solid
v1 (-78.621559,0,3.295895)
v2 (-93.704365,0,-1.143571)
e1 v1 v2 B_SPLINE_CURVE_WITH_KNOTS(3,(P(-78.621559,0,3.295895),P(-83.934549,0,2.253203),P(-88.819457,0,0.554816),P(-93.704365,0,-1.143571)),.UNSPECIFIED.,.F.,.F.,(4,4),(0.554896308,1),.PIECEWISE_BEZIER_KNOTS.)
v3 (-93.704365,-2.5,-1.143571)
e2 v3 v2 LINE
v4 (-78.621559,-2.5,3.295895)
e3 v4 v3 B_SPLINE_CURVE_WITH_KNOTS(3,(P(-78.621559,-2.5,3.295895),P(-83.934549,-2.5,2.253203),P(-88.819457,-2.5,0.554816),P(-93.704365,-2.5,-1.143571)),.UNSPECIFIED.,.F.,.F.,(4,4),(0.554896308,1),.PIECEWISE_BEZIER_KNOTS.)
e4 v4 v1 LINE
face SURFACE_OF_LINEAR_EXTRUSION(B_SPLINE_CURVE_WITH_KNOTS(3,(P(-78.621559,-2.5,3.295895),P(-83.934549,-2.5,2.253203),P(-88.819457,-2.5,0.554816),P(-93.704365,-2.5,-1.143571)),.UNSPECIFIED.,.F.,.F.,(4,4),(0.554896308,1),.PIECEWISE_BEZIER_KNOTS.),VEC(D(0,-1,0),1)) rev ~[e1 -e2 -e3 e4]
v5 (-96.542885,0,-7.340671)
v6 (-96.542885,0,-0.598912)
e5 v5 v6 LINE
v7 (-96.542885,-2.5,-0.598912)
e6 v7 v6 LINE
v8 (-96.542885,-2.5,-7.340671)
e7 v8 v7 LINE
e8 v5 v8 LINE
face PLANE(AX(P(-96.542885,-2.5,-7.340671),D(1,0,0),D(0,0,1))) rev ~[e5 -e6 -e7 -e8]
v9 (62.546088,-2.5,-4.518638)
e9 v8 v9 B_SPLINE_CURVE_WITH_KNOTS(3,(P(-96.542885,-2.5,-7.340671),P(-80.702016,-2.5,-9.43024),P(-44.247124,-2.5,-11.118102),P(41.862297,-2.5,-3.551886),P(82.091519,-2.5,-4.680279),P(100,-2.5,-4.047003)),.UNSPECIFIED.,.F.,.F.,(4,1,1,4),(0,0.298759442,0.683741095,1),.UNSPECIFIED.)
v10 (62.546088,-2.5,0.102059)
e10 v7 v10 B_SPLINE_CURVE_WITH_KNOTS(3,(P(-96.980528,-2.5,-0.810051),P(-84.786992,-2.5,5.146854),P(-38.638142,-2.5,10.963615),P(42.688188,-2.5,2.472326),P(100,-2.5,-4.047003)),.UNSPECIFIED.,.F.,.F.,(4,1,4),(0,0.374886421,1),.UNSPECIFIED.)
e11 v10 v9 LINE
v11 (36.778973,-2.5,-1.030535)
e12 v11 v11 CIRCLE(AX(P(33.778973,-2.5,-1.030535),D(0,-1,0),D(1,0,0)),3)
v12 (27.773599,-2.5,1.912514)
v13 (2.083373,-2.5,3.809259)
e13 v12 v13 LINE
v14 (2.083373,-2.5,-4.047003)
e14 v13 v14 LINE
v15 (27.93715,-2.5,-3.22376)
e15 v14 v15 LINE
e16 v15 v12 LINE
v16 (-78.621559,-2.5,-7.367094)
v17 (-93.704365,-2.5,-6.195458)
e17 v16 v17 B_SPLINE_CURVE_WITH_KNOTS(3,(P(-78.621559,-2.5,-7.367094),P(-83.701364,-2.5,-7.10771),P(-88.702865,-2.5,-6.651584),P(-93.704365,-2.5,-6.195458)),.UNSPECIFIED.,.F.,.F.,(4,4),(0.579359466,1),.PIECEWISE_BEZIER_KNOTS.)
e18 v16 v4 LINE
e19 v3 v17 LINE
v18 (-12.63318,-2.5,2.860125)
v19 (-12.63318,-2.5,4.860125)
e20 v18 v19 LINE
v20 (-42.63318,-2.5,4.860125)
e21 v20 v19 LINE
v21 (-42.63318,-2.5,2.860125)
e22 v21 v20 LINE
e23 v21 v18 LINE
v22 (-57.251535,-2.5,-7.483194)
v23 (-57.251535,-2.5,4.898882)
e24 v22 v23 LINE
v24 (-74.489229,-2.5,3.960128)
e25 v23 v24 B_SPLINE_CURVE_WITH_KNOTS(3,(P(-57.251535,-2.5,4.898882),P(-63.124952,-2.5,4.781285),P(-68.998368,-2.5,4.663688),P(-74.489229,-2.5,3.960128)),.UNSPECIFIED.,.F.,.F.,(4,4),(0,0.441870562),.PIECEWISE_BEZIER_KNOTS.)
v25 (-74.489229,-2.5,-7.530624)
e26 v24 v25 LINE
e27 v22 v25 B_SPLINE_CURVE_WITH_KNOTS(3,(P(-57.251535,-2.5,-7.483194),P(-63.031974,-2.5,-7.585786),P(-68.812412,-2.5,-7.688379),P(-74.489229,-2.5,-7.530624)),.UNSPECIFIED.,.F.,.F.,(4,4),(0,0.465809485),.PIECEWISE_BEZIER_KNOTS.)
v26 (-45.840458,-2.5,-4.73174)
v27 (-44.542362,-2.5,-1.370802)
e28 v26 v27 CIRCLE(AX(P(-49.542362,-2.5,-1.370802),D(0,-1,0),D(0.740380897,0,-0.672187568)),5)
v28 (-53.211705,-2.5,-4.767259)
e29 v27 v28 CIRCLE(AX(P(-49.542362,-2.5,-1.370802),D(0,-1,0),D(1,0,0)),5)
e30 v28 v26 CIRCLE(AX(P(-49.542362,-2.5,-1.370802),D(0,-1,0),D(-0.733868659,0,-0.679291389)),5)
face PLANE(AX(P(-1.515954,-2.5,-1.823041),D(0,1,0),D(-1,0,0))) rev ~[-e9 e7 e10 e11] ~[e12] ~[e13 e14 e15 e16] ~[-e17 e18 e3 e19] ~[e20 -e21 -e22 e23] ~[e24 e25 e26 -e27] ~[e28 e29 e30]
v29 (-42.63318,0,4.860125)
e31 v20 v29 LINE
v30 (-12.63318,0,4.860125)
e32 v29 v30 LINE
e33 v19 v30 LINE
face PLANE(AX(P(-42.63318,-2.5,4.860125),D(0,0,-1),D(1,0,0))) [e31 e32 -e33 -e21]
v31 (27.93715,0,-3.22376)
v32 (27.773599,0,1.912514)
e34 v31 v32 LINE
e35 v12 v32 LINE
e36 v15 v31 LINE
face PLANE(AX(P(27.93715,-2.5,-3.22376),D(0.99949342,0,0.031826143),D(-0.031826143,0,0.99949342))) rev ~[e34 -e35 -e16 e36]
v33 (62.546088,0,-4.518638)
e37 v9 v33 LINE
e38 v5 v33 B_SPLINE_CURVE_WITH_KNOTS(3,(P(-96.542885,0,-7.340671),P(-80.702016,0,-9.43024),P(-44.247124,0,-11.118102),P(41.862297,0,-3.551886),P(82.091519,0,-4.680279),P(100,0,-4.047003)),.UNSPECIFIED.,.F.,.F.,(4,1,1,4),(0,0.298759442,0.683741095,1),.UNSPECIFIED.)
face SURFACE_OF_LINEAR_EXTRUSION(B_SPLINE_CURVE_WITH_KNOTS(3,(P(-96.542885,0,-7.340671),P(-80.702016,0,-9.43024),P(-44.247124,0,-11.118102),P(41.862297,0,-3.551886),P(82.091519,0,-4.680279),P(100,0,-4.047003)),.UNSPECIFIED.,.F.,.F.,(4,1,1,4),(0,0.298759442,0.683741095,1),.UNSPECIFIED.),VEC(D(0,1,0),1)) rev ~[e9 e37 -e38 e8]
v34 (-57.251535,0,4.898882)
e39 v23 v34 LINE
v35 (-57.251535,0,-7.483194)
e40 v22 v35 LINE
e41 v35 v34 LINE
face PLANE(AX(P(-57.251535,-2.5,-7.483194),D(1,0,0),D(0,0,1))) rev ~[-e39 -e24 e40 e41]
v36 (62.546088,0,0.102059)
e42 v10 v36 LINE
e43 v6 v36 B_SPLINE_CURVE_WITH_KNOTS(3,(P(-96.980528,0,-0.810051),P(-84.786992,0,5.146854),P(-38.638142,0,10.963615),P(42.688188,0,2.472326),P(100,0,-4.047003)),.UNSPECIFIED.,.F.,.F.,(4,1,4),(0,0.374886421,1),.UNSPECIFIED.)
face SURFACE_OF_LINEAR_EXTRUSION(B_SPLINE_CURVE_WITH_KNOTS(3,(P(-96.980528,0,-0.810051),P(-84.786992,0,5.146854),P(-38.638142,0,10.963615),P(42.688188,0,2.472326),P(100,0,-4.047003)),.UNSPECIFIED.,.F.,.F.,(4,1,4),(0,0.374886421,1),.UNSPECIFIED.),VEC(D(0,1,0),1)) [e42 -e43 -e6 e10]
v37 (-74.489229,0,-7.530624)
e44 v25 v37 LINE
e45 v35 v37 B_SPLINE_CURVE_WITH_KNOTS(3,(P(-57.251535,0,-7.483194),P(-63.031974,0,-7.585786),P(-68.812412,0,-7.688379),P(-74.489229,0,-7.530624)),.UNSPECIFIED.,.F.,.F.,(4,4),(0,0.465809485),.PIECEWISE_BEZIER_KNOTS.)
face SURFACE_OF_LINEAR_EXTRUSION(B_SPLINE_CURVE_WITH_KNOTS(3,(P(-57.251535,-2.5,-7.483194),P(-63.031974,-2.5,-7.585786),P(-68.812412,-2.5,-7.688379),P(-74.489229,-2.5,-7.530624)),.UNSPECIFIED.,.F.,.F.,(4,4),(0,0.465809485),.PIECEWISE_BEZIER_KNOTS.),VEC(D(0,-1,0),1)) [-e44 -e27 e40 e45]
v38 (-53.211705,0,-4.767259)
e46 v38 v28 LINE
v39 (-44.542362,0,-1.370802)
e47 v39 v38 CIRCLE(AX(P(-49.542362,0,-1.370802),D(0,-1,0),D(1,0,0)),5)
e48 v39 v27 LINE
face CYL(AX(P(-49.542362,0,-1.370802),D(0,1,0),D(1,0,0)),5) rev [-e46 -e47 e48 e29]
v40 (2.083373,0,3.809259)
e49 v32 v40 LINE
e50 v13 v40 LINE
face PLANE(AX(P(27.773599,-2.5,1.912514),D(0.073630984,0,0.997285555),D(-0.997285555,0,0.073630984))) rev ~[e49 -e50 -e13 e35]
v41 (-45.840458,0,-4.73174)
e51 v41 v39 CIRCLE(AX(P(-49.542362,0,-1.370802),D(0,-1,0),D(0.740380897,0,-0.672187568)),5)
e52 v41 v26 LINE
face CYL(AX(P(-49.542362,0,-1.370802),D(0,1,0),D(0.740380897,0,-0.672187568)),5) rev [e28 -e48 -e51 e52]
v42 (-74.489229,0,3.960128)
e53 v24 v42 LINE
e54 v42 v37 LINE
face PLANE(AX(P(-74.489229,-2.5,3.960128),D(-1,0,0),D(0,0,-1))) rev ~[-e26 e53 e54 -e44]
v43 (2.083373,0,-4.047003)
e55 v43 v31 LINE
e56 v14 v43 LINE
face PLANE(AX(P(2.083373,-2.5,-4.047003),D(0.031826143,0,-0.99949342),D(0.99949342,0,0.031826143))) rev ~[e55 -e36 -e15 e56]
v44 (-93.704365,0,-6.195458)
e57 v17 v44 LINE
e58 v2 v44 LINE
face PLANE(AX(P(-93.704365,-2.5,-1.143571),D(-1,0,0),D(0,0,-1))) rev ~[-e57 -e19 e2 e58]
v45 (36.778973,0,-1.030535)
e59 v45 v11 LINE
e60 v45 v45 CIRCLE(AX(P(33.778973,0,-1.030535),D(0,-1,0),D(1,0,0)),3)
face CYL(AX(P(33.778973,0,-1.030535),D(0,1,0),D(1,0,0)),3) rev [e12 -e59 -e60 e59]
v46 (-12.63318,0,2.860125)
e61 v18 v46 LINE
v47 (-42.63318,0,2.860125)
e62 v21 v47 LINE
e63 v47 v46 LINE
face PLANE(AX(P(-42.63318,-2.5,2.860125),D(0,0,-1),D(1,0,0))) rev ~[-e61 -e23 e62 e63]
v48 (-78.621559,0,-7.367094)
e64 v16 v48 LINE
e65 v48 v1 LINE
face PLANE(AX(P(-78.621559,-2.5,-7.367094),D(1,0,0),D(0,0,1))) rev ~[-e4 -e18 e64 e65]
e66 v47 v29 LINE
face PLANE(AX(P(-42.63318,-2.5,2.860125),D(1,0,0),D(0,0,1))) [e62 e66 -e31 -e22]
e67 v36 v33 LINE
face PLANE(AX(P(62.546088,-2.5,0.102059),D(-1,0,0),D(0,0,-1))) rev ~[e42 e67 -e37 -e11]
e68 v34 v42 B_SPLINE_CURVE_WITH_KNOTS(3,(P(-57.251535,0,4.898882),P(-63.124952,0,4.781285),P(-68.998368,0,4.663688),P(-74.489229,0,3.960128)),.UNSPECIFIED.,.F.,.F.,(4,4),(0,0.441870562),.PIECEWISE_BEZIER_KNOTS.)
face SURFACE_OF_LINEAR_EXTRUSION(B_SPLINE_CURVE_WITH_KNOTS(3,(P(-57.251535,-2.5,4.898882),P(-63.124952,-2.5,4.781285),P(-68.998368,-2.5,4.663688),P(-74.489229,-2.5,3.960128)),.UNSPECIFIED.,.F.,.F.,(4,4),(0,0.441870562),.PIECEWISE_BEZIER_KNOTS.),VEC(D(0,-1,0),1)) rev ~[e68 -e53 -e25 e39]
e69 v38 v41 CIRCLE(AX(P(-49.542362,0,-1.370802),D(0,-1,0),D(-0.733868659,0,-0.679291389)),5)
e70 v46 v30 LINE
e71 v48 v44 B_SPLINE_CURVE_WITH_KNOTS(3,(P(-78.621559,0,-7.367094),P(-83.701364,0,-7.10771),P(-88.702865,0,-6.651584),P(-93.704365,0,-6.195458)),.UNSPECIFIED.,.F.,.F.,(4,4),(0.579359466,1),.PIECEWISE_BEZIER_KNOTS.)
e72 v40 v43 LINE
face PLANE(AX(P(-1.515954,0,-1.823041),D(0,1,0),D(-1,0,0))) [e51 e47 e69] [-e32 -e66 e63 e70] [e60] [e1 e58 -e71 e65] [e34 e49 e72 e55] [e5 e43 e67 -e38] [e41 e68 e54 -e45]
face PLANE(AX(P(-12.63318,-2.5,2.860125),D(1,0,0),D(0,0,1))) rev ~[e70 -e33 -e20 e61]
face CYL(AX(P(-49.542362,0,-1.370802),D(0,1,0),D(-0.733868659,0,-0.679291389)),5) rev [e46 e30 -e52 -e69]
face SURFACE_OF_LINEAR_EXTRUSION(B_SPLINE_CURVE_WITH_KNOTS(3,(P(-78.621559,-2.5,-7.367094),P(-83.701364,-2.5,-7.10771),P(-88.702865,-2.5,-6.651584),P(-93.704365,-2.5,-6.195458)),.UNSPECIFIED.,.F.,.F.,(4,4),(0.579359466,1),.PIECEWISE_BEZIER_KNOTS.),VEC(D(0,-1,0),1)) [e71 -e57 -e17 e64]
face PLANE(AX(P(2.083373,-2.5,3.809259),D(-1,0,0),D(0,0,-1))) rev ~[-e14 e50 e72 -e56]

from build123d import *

# Parameters (mm, degrees)
F2_DEPTH = 2.5
F1_R     = 3
F3_DEPTH = 2.5
F5_DEPTH = 2.5
F4_W     = 30
F4_H     = 2
F6_DEPTH = 2.5
F7_DEPTH = 2.5


with BuildPart() as f2:
    # F0 (on Front) → F2 (new body)
    with BuildSketch(Plane.XZ):
        with BuildLine():
            add(Edge.make_bspline(
                [(-96.9805282175, -0.8100506688), (-84.7869920978, 5.1468541776), (-38.6381415733, 10.9636146396), (42.6881882799, 2.4723259958), (100, -4.047003109)],
                knots=[0, 0, 0, 0, 0.374886421, 1, 1, 1, 1], degree=3))
            add(Edge.make_bspline(
                [(-97.5447368223, -7.1186651935), (-99.939251346, -6.5508492693), (-102.885147974, -5.168950634), (-100.0067471137, -2.3789404522), (-96.9805282175, -0.8100506688)],
                knots=[0.0564585679, 0.0564585679, 0.0564585679, 0.0564585679, 0.4847104148, 1, 1, 1, 1], degree=3))
            add(Edge.make_bspline(
                [(-96.5428845142, -7.3406707446), (-96.8949965543, -7.2673488468), (-97.22905608, -7.1935231869), (-97.5447368223, -7.1186651935)],
                knots=[0, 0, 0, 0, 0.0564585679, 0.0564585679, 0.0564585679, 0.0564585679], degree=3))
            add(Edge.make_bspline(
                [(-96.5428845142, -7.3406707446), (-80.7020161693, -9.4302402111), (-44.2471235075, -11.1181020976), (41.8622965332, -3.5518856086), (82.0915186506, -4.6802794425), (100, -4.047003109)],
                knots=[0, 0, 0, 0, 0.2987594418, 0.6837410955, 1, 1, 1, 1], degree=3))
        make_face()
        with BuildLine():
            add(Edge.make_bspline(
                [(-99.8196757147, -4.047003109), (-99.3821638101, -3.2227137691), (-97.9006497107, -2.3042858417), (-96.3385477662, -1.6362179573)],
                knots=[0.5425000514, 0.5425000514, 0.5425000514, 0.5425000514, 1, 1, 1, 1], degree=3))
            add(Edge.make_bspline(
                [(-96.3385477662, -1.6362179573), (-85.7442874691, 3.2900694446), (-38.7960585931, 10.0747672146), (36.943279708, 1.696590452), (86.094097513, -3.3751911245)],
                knots=[0, 0, 0, 0, 0.384923117, 1, 1, 1, 1], degree=3))
            add(Edge.make_bspline(
                [(-97.3825784566, -6.0471531808), (-82.3468325761, -8.841713568), (-44.2551066449, -8.6286827794), (40.9195716837, -3.3120714751), (72.7341022162, -3.1550192186), (86.094097513, -3.3751911245)],
                knots=[0, 0, 0, 0, 0.3131273629, 0.7122131732, 1, 1, 1, 1], degree=3))
            add(Edge.make_bspline(
                [(-97.3825784566, -6.0471531808), (-98.6588937786, -5.8946130057), (-100.1661659123, -5.1778479876), (-99.9138553768, -4.2244412327), (-99.8196757147, -4.047003109)],
                knots=[0, 0, 0, 0, 0.4440177242, 0.5425000514, 0.5425000514, 0.5425000514, 0.5425000514], degree=3))
        make_face(mode=Mode.SUBTRACT)
        with BuildLine():
            add(Edge.make_bspline(
                [(-96.3385477662, -1.6362179573), (-85.7442874691, 3.2900694446), (-38.7960585931, 10.0747672146), (36.943279708, 1.696590452), (86.094097513, -3.3751911245)],
                knots=[0, 0, 0, 0, 0.384923117, 1, 1, 1, 1], degree=3))
            add(Edge.make_bspline(
                [(-99.8196757147, -4.047003109), (-99.3821638101, -3.2227137691), (-97.9006497107, -2.3042858417), (-96.3385477662, -1.6362179573)],
                knots=[0.5425000514, 0.5425000514, 0.5425000514, 0.5425000514, 1, 1, 1, 1], degree=3))
            add(Edge.make_bspline(
                [(-97.3825784566, -6.0471531808), (-98.6588937786, -5.8946130057), (-100.1661659123, -5.1778479876), (-99.9138553768, -4.2244412327), (-99.8196757147, -4.047003109)],
                knots=[0, 0, 0, 0, 0.4440177242, 0.5425000514, 0.5425000514, 0.5425000514, 0.5425000514], degree=3))
            add(Edge.make_bspline(
                [(-97.3825784566, -6.0471531808), (-82.3468325761, -8.841713568), (-44.2551066449, -8.6286827794), (40.9195716837, -3.3120714751), (72.7341022162, -3.1550192186), (86.094097513, -3.3751911245)],
                knots=[0, 0, 0, 0, 0.3131273629, 0.7122131732, 1, 1, 1, 1], degree=3))
        make_face()
        with BuildLine():
            add(Edge.make_bspline(
                [(-96.5428845142, -7.3406707446), (-96.8949965543, -7.2673488468), (-97.22905608, -7.1935231869), (-97.5447368223, -7.1186651935)],
                knots=[0, 0, 0, 0, 0.0564585679, 0.0564585679, 0.0564585679, 0.0564585679], degree=3))
            ThreePointArc((-97.5447368223, -7.1186651935), (-97.052492706, -7.2688477084), (-96.5428845142, -7.3406707446))
        make_face()
    extrude(amount=F2_DEPTH)


with BuildPart() as f2b:
    # F1 (on Front) → F2, piece 2 (new body)
    with BuildSketch(Plane.XZ):
        with Locations((33.7789729238, -1.0305350879)):
            Circle(F1_R)
    extrude(amount=F2_DEPTH)


with BuildPart() as f2c:
    # F1 (on Front) → F2, piece 3 (new body)
    with BuildSketch(Plane.XZ):
        with BuildLine():
            ThreePointArc((-44.542362095, -1.3708024857), (-51.3662704709, 3.2846629299), (-53.2117053896, -4.7672594318))
            Line((-53.2117053896, -4.7672594318), (-45.8404576082, -4.7317403266))
            ThreePointArc((-45.8404576082, -4.7317403266), (-44.8781621403, -3.1722571154), (-44.542362095, -1.3708024857))
        make_face()
        with BuildLine():
            Line((-45.8404576082, -4.7317403266), (-53.2117053896, -4.7672594318))
            ThreePointArc((-53.2117053896, -4.7672594318), (-49.5182693675, -6.3707444394), (-45.8404576082, -4.7317403266))
        make_face()
    extrude(amount=F2_DEPTH)


with BuildPart() as f3_tool:
    # F1 (on Front) → F3 (new body)
    with BuildSketch(Plane.XZ):
        with BuildLine():
            ThreePointArc((-44.542362095, -1.3708024857), (-51.3662704709, 3.2846629299), (-53.2117053896, -4.7672594318))
            Line((-53.2117053896, -4.7672594318), (-45.8404576082, -4.7317403266))
            ThreePointArc((-45.8404576082, -4.7317403266), (-44.8781621403, -3.1722571154), (-44.542362095, -1.3708024857))
        make_face()
        with BuildLine():
            Line((-45.8404576082, -4.7317403266), (-53.2117053896, -4.7672594318))
            ThreePointArc((-53.2117053896, -4.7672594318), (-49.5182693675, -6.3707444394), (-45.8404576082, -4.7317403266))
        make_face()
        with Locations((33.7789729238, -1.0305350879)):
            Circle(F1_R)
    extrude(amount=F3_DEPTH)


with BuildPart() as f2_1:
    add(f2.part)

    # F3: cut by f3_tool
    add(f3_tool.part, mode=Mode.SUBTRACT)

    # F4 (on face) → F5 (cut)
    with BuildSketch(Plane.XZ.offset(2.5)):
        with BuildLine():
            Line((-96.5428845142, -7.3406707446), (-96.5428845142, -0.5989118026))
            add(Edge.make_bspline(
                [(-96.9805282175, -0.8100506688), (-96.8353706427, -0.7391368787), (-96.6894893165, -0.6687582494), (-96.5428845142, -0.5989118026)],
                knots=[0, 0, 0, 0, 0.0044628238, 0.0044628238, 0.0044628238, 0.0044628238], degree=3))
            add(Edge.make_bspline(
                [(-96.9805282175, -0.8100506688), (-100.0067471137, -2.3789404522), (-102.885147974, -5.168950634), (-99.939251346, -6.5508492693), (-97.5447368223, -7.1186651935)],
                knots=[0.0564585679, 0.0564585679, 0.0564585679, 0.0564585679, 0.5717481532, 1, 1, 1, 1], degree=3))
            ThreePointArc((-97.5447368223, -7.1186651935), (-97.052492706, -7.2688477084), (-96.5428845142, -7.3406707446))
        make_face()
    extrude(amount=-F5_DEPTH, mode=Mode.SUBTRACT)

    # F4 (on face) → F6 (cut)
    with BuildSketch(Plane.XZ.offset(2.5)):
        with BuildLine():
            Line((-78.6215588156, -7.3670944992), (-78.6215588156, 3.2958948603))
            add(Edge.make_bspline(
                [(-78.6215588156, 3.2958948603), (-83.9345486349, 2.2532028855), (-88.8194569144, 0.5548157735), (-93.7043651938, -1.1435713386)],
                knots=[0.554896308, 0.554896308, 0.554896308, 0.554896308, 1, 1, 1, 1], degree=3))
            Line((-93.7043651938, -1.1435713386), (-93.7043651938, -6.1954581179))
            add(Edge.make_bspline(
                [(-78.6215588156, -7.3670944992), (-83.7013643272, -7.1077100258), (-88.7028647605, -6.6515840718), (-93.7043651938, -6.1954581179)],
                knots=[0.5793594661, 0.5793594661, 0.5793594661, 0.5793594661, 1, 1, 1, 1], degree=3))
        make_face()
        with BuildLine():
            Line((-57.251535356, -7.4831936508), (-57.251535356, 4.8988820054))
            add(Edge.make_bspline(
                [(-57.251535356, 4.8988820054), (-63.1249518816, 4.7812850577), (-68.9983684072, 4.66368811), (-74.4892291338, 3.9601280834)],
                knots=[0, 0, 0, 0, 0.4418705618, 0.4418705618, 0.4418705618, 0.4418705618], degree=3))
            Line((-74.4892291338, 3.9601280834), (-74.4892291338, -7.5306241193))
            add(Edge.make_bspline(
                [(-57.251535356, -7.4831936508), (-63.0319736557, -7.5857864832), (-68.8124119553, -7.6883793156), (-74.4892291338, -7.5306241193)],
                knots=[0, 0, 0, 0, 0.4658094847, 0.4658094847, 0.4658094847, 0.4658094847], degree=3))
        make_face()
        with Locations((-27.6331795752, 3.8601249214)):
            Rectangle(F4_W, F4_H)
        Polygon((27.7735989974, 1.9125135442), (2.0833725575, 3.8092588075), (2.0833725575, -4.047003109), (27.937149629, -3.2237600535), align=None)
    extrude(amount=-F6_DEPTH, mode=Mode.SUBTRACT)

    # F4 (on face) → F7 (cut)
    with BuildSketch(Plane.XZ.offset(2.5)):
        with BuildLine():
            add(Edge.make_bspline(
                [(62.5460875734, 0.1020588345), (74.6514883615, -1.1873862537), (87.1633646635, -2.586811085), (100, -4.047003109)],
                knots=[0.8599877614, 0.8599877614, 0.8599877614, 0.8599877614, 1, 1, 1, 1], degree=3))
            Line((62.5460875734, 0.1020588345), (62.5460875734, -4.518638291))
            add(Edge.make_bspline(
                [(62.5460875734, -4.518638291), (75.9097127299, -4.3829595873), (88.0075171585, -4.4710790211), (100, -4.047003109)],
                knots=[0.7882160183, 0.7882160183, 0.7882160183, 0.7882160183, 1, 1, 1, 1], degree=3))
        make_face()
    extrude(amount=-F7_DEPTH, mode=Mode.SUBTRACT)


with BuildPart() as f2b_1:
    add(f2b.part)

    # F3: cut by f3_tool
    add(f3_tool.part, mode=Mode.SUBTRACT)


with BuildPart() as f2c_1:
    add(f2c.part)

    # F3: cut by f3_tool
    add(f3_tool.part, mode=Mode.SUBTRACT)


solid = f2_1.part
